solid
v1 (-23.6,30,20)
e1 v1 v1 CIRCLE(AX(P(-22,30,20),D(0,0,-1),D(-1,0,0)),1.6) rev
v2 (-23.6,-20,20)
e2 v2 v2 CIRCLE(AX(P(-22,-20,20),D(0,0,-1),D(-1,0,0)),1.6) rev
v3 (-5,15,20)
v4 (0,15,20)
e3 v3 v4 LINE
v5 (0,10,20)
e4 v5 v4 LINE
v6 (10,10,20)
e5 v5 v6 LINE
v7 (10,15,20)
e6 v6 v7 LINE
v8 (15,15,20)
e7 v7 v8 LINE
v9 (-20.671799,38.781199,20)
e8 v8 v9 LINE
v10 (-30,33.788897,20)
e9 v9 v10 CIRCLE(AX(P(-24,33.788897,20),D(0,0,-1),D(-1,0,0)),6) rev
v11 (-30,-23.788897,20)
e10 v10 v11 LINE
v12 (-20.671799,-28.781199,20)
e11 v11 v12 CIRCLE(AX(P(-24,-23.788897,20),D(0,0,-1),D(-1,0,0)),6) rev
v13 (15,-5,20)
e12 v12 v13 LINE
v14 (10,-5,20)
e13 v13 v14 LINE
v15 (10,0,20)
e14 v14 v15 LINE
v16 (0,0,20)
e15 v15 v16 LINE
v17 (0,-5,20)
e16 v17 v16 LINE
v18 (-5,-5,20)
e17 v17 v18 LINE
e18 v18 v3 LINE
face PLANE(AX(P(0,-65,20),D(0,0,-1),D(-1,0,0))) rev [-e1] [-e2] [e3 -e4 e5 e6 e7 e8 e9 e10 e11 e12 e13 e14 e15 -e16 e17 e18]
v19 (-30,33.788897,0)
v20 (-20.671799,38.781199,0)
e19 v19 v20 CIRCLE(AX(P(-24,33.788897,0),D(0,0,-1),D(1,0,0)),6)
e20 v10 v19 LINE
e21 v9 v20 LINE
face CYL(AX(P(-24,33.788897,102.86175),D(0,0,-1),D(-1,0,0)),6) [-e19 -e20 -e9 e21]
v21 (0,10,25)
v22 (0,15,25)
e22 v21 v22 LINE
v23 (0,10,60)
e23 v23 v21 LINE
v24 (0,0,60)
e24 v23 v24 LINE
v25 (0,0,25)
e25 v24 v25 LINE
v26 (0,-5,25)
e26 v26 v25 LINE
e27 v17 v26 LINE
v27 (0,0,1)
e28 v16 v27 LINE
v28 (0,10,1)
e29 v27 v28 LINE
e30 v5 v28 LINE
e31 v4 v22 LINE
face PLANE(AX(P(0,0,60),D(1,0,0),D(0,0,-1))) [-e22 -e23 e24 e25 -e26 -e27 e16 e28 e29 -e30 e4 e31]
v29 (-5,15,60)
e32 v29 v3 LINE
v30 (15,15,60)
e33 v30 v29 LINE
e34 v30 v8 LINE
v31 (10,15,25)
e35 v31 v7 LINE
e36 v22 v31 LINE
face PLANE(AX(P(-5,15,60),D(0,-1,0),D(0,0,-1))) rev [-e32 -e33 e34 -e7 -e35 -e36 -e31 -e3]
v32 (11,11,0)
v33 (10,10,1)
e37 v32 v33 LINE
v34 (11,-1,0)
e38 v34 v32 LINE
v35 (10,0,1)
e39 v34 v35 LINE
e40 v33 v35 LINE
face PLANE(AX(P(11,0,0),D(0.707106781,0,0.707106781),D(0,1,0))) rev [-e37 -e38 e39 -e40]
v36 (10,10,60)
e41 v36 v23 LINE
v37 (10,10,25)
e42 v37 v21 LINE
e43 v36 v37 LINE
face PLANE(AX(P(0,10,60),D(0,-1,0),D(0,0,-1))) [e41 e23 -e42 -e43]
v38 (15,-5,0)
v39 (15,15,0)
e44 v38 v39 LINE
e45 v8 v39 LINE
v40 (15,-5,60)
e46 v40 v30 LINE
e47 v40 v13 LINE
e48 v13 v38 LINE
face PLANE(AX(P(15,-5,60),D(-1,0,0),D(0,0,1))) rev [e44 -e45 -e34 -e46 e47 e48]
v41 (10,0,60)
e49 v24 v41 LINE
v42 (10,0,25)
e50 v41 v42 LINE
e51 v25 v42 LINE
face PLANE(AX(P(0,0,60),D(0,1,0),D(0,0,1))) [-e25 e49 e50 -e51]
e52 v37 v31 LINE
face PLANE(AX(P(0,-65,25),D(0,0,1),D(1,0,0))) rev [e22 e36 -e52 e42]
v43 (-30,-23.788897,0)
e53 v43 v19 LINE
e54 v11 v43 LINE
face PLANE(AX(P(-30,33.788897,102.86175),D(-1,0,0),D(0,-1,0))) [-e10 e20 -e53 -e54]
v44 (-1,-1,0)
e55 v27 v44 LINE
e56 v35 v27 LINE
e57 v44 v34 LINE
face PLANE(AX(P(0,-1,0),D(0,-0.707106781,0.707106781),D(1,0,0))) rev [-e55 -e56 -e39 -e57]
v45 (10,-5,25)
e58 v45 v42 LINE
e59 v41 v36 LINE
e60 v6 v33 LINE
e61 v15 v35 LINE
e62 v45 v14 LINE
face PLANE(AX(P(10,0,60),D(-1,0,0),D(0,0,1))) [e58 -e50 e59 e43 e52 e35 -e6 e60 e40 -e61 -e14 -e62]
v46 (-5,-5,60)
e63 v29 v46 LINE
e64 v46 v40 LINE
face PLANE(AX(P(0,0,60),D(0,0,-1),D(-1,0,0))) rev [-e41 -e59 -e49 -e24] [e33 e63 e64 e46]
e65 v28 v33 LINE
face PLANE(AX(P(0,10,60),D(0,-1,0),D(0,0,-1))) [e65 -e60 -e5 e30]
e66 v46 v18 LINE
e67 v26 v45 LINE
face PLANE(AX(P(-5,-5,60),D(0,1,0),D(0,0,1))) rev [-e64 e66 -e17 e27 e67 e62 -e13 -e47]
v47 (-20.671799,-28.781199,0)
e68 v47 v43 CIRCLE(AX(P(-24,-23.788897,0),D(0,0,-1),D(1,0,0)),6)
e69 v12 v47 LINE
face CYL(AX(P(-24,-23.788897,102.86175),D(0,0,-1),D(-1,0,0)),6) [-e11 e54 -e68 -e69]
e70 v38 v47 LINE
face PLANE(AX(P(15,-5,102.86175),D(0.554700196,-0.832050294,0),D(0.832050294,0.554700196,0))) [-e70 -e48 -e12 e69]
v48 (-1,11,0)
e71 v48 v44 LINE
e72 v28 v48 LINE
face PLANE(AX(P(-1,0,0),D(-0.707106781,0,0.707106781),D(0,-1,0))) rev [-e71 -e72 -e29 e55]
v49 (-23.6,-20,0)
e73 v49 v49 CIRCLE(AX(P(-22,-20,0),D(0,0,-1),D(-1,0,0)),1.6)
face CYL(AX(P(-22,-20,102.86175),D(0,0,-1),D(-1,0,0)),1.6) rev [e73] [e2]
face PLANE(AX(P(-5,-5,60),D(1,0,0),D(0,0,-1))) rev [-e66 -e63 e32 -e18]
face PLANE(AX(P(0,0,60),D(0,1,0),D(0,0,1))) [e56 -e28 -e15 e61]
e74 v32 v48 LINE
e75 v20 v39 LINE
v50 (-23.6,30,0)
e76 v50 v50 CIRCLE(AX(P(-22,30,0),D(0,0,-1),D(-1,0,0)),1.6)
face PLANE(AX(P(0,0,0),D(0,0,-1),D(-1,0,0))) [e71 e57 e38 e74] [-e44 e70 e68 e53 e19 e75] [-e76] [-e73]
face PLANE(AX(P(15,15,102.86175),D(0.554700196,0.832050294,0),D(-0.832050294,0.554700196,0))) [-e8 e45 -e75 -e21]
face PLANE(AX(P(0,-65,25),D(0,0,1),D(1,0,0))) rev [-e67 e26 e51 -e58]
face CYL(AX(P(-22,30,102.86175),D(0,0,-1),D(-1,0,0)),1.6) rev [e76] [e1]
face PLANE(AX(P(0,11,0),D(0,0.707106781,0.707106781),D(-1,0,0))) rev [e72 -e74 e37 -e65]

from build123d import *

# Parameters (mm, degrees)
SKETCH_1_W          = 20
SKETCH_1_H          = 20
SKETCH_1_W_2        = 10
SKETCH_1_H_2        = 10
EXTRUDE_1_DEPTH     = 60
SKETCH_2_W          = 10
SKETCH_2_H          = 5
CUT_EXTRUDE_1_DEPTH = 80
SKETCH_4_R          = 1.6
EXTRUDE_3_DEPTH     = 20
CHAMFER_1_SIZE      = 1


with BuildPart() as part:
    # 草图1 → 凸台-拉伸1 (new body)
    with BuildSketch(Plane.XY):
        with Locations((5, 5)):
            Rectangle(SKETCH_1_W, SKETCH_1_H)
        with Locations((5, 5)):
            Rectangle(SKETCH_1_W_2, SKETCH_1_H_2, mode=Mode.SUBTRACT)
    extrude(amount=EXTRUDE_1_DEPTH)

    # 草图2 → 切除-拉伸1 (cut)
    with BuildSketch(Plane(origin=(0, 15, 0), x_dir=(1, 0, 0), z_dir=(0, 1, 0))):
        with Locations((5, -22.5)):
            Rectangle(SKETCH_2_W, SKETCH_2_H)
    extrude(amount=-CUT_EXTRUDE_1_DEPTH, mode=Mode.SUBTRACT)

    # 草图4 → 凸台-拉伸3 (add)
    with BuildSketch(Plane(origin=(0, 0, 0), x_dir=(-1, 0, 0), z_dir=(0, 0, -1))):
        with BuildLine():
            Line((30, 33.788897449), (30, -23.788897449))
            ThreePointArc((30, -23.788897449), (26.831147553, -29.078945042), (20.671798823, -28.781199215))
            Line((20.671798823, -28.781199215), (-15, -5))
            Line((-15, -5), (5, -5))
            Line((5, -5), (5, 15))
            Line((5, 15), (-15, 15))
            Line((-15, 15), (20.671798823, 38.781199215))
            ThreePointArc((20.671798823, 38.781199215), (26.831147553, 39.078945042), (30, 33.788897449))
        make_face()
        with Locations((22, -20)):
            Circle(SKETCH_4_R, mode=Mode.SUBTRACT)
        with Locations((22, 30)):
            Circle(SKETCH_4_R, mode=Mode.SUBTRACT)
    extrude(amount=-EXTRUDE_3_DEPTH)

    # 倒角1
    chamfer_1_edges = [part.edges().sort_by_distance(p)[0] for p in [
        (0, 5, 0),
        (5, 0, 0),
        (10, 5, 0),
        (5, 10, 0),
    ]]
    chamfer(chamfer_1_edges, length=CHAMFER_1_SIZE)


solid = part.part
